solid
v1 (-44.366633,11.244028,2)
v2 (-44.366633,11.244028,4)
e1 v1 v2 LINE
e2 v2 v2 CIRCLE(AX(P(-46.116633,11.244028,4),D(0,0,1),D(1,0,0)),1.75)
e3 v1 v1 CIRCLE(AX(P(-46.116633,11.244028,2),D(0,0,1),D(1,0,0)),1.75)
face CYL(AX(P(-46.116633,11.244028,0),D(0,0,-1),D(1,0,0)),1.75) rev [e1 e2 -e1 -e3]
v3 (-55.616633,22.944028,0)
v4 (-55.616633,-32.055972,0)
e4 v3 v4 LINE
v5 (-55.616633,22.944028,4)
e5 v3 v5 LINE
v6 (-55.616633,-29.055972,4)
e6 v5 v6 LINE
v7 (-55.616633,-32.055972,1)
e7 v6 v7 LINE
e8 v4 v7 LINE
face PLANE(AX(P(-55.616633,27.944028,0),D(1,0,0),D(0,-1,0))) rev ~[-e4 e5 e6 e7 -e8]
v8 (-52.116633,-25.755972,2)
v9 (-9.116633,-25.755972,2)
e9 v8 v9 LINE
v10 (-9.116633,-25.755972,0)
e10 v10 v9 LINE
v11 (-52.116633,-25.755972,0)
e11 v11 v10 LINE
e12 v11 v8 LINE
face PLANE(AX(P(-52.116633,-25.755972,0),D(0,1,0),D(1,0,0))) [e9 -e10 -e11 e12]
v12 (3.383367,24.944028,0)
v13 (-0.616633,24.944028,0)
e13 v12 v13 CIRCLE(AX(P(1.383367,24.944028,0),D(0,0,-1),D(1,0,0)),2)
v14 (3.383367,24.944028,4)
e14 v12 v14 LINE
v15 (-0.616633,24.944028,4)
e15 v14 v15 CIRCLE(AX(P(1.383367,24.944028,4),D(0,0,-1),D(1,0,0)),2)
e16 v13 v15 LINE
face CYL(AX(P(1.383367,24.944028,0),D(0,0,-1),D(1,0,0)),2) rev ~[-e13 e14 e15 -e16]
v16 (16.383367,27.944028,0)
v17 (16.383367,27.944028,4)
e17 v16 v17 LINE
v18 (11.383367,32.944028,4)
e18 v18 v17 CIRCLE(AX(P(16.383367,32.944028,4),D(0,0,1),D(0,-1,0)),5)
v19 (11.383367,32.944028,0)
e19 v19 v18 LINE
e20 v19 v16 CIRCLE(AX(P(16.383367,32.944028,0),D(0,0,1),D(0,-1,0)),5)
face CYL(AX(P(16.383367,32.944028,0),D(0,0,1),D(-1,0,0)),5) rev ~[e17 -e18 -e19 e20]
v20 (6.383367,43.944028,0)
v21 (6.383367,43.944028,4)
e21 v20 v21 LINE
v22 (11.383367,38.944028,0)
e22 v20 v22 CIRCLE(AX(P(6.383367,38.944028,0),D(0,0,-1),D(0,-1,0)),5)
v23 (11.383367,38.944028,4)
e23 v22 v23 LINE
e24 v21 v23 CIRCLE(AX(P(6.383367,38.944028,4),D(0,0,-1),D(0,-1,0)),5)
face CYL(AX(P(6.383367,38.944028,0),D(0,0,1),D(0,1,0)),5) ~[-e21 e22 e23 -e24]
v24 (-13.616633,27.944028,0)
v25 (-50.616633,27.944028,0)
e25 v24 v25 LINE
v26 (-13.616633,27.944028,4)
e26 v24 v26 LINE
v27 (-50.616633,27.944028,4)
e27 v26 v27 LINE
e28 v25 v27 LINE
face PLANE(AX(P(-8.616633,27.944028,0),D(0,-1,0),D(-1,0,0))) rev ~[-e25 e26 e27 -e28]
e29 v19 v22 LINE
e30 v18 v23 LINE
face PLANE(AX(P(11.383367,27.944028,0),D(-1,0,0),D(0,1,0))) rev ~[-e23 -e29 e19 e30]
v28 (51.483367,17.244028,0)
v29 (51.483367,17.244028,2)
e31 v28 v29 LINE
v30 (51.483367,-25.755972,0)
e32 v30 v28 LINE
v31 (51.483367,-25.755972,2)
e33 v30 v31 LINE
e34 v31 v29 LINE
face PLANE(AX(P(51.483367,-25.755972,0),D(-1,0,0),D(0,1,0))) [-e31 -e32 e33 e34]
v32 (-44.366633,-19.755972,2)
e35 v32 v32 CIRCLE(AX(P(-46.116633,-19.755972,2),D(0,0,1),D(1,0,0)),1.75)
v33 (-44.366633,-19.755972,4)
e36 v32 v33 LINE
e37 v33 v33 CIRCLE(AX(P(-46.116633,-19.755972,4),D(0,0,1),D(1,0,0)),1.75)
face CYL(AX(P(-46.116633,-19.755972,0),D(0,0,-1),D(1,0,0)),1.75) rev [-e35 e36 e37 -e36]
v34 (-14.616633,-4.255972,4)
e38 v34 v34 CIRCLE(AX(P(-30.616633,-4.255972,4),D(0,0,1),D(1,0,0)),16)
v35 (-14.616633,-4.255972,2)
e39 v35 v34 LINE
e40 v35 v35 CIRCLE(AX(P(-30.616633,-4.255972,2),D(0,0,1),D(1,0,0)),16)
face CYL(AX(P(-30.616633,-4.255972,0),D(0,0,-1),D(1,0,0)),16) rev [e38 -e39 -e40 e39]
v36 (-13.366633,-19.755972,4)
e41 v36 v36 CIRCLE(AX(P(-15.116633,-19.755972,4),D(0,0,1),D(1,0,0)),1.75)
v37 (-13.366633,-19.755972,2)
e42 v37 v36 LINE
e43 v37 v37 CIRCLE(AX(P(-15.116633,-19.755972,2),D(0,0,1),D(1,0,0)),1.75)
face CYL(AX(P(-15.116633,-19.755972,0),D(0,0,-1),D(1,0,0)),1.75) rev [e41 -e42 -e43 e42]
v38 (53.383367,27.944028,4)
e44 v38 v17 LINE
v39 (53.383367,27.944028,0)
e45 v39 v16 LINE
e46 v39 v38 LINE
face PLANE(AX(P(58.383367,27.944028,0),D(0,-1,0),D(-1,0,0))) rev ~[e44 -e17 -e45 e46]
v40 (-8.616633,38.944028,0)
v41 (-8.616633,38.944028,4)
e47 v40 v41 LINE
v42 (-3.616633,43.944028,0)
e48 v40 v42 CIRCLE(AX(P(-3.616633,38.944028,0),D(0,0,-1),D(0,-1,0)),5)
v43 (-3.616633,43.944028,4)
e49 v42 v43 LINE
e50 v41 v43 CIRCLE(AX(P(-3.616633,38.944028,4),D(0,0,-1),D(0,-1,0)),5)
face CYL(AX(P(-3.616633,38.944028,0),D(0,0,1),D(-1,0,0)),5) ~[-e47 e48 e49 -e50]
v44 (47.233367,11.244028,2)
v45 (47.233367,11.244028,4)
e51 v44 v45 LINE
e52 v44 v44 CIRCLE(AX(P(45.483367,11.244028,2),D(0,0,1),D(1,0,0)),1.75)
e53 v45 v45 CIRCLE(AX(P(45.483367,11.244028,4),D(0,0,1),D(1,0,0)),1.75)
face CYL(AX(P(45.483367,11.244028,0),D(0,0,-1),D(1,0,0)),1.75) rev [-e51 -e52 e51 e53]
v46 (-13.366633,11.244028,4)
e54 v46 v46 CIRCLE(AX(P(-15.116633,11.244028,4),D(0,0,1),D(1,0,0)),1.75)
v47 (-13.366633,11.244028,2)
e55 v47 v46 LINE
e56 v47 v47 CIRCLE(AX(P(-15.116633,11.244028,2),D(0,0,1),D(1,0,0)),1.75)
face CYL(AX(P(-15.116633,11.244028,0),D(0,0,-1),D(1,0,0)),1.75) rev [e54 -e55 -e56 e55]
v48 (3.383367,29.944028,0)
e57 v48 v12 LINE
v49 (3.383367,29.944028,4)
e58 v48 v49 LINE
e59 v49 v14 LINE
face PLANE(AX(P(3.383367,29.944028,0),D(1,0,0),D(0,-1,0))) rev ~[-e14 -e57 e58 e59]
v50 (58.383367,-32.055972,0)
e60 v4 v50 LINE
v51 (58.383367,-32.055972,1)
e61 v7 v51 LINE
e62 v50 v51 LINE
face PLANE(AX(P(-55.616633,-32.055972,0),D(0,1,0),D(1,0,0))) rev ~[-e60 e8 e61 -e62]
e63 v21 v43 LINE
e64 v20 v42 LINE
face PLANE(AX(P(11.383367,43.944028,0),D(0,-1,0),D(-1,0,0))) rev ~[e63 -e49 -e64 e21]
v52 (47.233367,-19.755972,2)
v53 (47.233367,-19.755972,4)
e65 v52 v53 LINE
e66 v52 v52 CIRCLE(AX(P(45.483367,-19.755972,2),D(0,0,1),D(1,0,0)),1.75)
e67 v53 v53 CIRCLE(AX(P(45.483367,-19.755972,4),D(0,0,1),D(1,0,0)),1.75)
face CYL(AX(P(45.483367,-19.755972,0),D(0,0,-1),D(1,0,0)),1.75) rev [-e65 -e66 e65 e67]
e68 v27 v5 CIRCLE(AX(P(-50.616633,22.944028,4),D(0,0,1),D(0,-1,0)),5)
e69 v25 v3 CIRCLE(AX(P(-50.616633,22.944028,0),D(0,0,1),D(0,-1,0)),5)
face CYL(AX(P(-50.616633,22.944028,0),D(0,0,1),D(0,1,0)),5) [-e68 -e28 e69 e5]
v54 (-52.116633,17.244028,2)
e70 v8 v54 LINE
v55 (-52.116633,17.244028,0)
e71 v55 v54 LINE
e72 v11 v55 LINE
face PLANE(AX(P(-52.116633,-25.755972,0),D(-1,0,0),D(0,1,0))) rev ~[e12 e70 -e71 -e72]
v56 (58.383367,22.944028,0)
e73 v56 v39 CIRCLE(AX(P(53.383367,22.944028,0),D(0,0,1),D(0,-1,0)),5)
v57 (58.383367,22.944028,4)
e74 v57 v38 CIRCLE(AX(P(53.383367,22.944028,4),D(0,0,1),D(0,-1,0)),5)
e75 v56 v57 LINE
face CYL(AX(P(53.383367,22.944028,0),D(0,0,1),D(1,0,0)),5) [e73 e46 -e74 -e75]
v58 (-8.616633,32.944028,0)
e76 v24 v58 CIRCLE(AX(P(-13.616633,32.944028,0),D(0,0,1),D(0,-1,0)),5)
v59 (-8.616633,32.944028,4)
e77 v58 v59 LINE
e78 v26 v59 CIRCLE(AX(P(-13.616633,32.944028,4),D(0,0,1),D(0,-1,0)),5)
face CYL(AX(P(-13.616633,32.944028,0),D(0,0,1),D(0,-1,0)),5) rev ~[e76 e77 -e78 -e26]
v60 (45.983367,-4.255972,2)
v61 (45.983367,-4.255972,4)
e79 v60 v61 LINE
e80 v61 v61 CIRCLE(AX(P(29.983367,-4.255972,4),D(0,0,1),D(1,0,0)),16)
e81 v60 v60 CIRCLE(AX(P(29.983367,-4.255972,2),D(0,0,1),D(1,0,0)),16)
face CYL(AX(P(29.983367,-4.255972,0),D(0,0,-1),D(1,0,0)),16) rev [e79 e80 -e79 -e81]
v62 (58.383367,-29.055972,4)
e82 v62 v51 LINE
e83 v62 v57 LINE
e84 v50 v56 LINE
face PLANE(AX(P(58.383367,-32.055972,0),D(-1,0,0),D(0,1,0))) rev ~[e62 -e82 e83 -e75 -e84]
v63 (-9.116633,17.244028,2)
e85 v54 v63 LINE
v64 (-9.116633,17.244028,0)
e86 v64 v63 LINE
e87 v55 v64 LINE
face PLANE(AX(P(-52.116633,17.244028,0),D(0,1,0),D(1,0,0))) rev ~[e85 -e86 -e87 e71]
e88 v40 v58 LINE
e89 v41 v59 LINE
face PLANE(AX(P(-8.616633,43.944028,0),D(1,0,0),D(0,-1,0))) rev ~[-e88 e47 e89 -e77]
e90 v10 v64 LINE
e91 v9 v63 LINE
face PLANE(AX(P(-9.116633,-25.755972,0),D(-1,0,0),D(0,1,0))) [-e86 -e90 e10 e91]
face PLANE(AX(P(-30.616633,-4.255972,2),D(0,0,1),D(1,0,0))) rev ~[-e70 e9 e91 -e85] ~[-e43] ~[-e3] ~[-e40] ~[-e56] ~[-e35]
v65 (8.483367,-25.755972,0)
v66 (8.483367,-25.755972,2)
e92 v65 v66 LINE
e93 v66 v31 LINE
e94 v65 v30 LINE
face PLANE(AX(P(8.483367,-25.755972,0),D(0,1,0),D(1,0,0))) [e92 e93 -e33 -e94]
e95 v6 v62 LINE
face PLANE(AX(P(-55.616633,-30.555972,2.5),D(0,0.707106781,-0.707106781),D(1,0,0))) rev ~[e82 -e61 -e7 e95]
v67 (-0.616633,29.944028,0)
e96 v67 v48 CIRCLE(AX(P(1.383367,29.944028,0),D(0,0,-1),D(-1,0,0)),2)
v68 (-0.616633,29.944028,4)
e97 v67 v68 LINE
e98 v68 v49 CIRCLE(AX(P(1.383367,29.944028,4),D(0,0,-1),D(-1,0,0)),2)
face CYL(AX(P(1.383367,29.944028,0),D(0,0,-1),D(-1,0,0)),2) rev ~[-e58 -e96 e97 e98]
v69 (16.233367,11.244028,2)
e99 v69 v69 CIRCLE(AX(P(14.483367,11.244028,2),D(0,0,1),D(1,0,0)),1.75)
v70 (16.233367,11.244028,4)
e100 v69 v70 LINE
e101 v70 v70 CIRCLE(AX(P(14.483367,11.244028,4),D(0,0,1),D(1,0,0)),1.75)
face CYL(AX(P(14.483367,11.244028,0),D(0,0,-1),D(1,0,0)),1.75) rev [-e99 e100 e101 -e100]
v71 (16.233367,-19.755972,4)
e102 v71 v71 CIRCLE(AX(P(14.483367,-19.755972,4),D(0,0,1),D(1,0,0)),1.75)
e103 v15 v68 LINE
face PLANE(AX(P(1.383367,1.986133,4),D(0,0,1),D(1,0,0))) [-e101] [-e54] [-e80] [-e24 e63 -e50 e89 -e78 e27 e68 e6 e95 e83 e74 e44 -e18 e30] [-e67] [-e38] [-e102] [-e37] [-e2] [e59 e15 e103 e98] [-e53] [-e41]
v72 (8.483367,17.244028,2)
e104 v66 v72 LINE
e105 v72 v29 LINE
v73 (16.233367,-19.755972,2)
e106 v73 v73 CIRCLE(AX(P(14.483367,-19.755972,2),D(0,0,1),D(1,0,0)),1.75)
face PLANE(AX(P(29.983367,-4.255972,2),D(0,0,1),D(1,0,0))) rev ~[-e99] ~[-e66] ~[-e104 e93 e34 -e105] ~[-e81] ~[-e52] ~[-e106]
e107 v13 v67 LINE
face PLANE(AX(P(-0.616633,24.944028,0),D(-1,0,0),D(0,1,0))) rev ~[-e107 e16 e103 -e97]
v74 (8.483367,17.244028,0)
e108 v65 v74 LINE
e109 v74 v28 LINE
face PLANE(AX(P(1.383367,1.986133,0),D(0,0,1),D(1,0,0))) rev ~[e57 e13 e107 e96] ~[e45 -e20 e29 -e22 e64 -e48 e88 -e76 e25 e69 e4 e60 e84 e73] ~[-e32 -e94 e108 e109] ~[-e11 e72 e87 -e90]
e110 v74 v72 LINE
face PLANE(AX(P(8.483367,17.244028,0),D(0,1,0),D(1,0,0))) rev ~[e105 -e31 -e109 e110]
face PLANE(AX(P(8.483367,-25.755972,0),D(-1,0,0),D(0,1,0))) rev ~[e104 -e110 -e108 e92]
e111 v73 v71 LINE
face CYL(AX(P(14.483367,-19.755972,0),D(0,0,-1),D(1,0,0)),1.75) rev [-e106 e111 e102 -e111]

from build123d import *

# Parameters (mm, degrees)
F0_W          = 43
F0_H          = 43
F0_R          = 1.75
F0_R_2        = 16
F1_DEPTH      = 4
F2_R          = 5
F3_SIZE       = 3
F4_DEPTH      = 4
F4_DEPTH_BACK = 2


with BuildPart() as f1:
    # F0 (on Top) → F1 (new body)
    with BuildSketch(Plane.XY):
        Polygon((-8.6166327415, 27.9440277213), (-55.6166327415, 27.9440277213), (-55.6166327415, -32.0559722787), (58.3833672585, -32.0559722787), (58.3833672585, 27.9440277213), (11.3833672585, 27.9440277213), (11.3833672585, 43.9440277213), (-8.6166327415, 43.9440277213), align=None)
        with Locations((-30.6166327415, -4.2559722787)):
            Rectangle(F0_W, F0_H, mode=Mode.SUBTRACT)
        with Locations((29.9833672585, -4.2559722787)):
            Rectangle(F0_W, F0_H, mode=Mode.SUBTRACT)
        with BuildLine():
            ThreePointArc((-0.6166327415, 29.9440277213), (1.3833672585, 31.9440277213), (3.3833672585, 29.9440277213))
            Line((3.3833672585, 29.9440277213), (3.3833672585, 24.9440277213))
            ThreePointArc((3.3833672585, 24.9440277213), (1.3833672585, 22.9440277213), (-0.6166327415, 24.9440277213))
            Line((-0.6166327415, 24.9440277213), (-0.6166327415, 29.9440277213))
        make_face(mode=Mode.SUBTRACT)
        with Locations((-30.6166327415, -4.2559722787)):
            Rectangle(F0_W, F0_H)
        with Locations((-46.1166327415, -19.7559722787)):
            Circle(F0_R, mode=Mode.SUBTRACT)
        with Locations((-15.1166327415, -19.7559722787)):
            Circle(F0_R, mode=Mode.SUBTRACT)
        with Locations((-30.6166327415, -4.2559722787)):
            Circle(F0_R_2, mode=Mode.SUBTRACT)
        with Locations((-46.1166327415, 11.2440277213)):
            Circle(F0_R, mode=Mode.SUBTRACT)
        with Locations((-15.1166327415, 11.2440277213)):
            Circle(F0_R, mode=Mode.SUBTRACT)
        with Locations((29.9833672585, -4.2559722787)):
            Rectangle(F0_W, F0_H)
        with Locations((14.4833672585, -19.7559722787)):
            Circle(F0_R, mode=Mode.SUBTRACT)
        with Locations((45.4833672585, -19.7559722787)):
            Circle(F0_R, mode=Mode.SUBTRACT)
        with Locations((29.9833672585, -4.2559722787)):
            Circle(F0_R_2, mode=Mode.SUBTRACT)
        with Locations((14.4833672585, 11.2440277213)):
            Circle(F0_R, mode=Mode.SUBTRACT)
        with Locations((45.4833672585, 11.2440277213)):
            Circle(F0_R, mode=Mode.SUBTRACT)
    extrude(amount=F1_DEPTH)

    # F2
    f2_edges = [f1.edges().sort_by_distance(p)[0] for p in [
        (-8.616633, 43.944028, 2),
        (-8.616633, 27.944028, 2),
        (-55.616633, 27.944028, 2),
        (11.383367, 43.944028, 2),
        (11.383367, 27.944028, 2),
        (58.383367, 27.944028, 2),
    ]]
    fillet(f2_edges, radius=F2_R)

    # F3
    f3_edges = [f1.edges().sort_by_distance(p)[0] for p in [
        (1.383367, -32.055972, 4),
    ]]
    chamfer(f3_edges, length=F3_SIZE)

    # F0 (on Top) → F4 (cut, two sides)
    with BuildSketch(Plane.XY) as f4_sk:
        with Locations((-30.6166327415, -4.2559722787)):
            Rectangle(F0_W, F0_H)
        with Locations((-46.1166327415, -19.7559722787)):
            Circle(F0_R, mode=Mode.SUBTRACT)
        with Locations((-15.1166327415, -19.7559722787)):
            Circle(F0_R, mode=Mode.SUBTRACT)
        with Locations((-30.6166327415, -4.2559722787)):
            Circle(F0_R_2, mode=Mode.SUBTRACT)
        with Locations((-46.1166327415, 11.2440277213)):
            Circle(F0_R, mode=Mode.SUBTRACT)
        with Locations((-15.1166327415, 11.2440277213)):
            Circle(F0_R, mode=Mode.SUBTRACT)
        with Locations((29.9833672585, -4.2559722787)):
            Rectangle(F0_W, F0_H)
        with Locations((14.4833672585, -19.7559722787)):
            Circle(F0_R, mode=Mode.SUBTRACT)
        with Locations((45.4833672585, -19.7559722787)):
            Circle(F0_R, mode=Mode.SUBTRACT)
        with Locations((29.9833672585, -4.2559722787)):
            Circle(F0_R_2, mode=Mode.SUBTRACT)
        with Locations((14.4833672585, 11.2440277213)):
            Circle(F0_R, mode=Mode.SUBTRACT)
        with Locations((45.4833672585, 11.2440277213)):
            Circle(F0_R, mode=Mode.SUBTRACT)
    extrude(amount=-F4_DEPTH, mode=Mode.SUBTRACT)
    extrude(f4_sk.sketch, amount=F4_DEPTH_BACK, mode=Mode.SUBTRACT)


solid = f1.part
